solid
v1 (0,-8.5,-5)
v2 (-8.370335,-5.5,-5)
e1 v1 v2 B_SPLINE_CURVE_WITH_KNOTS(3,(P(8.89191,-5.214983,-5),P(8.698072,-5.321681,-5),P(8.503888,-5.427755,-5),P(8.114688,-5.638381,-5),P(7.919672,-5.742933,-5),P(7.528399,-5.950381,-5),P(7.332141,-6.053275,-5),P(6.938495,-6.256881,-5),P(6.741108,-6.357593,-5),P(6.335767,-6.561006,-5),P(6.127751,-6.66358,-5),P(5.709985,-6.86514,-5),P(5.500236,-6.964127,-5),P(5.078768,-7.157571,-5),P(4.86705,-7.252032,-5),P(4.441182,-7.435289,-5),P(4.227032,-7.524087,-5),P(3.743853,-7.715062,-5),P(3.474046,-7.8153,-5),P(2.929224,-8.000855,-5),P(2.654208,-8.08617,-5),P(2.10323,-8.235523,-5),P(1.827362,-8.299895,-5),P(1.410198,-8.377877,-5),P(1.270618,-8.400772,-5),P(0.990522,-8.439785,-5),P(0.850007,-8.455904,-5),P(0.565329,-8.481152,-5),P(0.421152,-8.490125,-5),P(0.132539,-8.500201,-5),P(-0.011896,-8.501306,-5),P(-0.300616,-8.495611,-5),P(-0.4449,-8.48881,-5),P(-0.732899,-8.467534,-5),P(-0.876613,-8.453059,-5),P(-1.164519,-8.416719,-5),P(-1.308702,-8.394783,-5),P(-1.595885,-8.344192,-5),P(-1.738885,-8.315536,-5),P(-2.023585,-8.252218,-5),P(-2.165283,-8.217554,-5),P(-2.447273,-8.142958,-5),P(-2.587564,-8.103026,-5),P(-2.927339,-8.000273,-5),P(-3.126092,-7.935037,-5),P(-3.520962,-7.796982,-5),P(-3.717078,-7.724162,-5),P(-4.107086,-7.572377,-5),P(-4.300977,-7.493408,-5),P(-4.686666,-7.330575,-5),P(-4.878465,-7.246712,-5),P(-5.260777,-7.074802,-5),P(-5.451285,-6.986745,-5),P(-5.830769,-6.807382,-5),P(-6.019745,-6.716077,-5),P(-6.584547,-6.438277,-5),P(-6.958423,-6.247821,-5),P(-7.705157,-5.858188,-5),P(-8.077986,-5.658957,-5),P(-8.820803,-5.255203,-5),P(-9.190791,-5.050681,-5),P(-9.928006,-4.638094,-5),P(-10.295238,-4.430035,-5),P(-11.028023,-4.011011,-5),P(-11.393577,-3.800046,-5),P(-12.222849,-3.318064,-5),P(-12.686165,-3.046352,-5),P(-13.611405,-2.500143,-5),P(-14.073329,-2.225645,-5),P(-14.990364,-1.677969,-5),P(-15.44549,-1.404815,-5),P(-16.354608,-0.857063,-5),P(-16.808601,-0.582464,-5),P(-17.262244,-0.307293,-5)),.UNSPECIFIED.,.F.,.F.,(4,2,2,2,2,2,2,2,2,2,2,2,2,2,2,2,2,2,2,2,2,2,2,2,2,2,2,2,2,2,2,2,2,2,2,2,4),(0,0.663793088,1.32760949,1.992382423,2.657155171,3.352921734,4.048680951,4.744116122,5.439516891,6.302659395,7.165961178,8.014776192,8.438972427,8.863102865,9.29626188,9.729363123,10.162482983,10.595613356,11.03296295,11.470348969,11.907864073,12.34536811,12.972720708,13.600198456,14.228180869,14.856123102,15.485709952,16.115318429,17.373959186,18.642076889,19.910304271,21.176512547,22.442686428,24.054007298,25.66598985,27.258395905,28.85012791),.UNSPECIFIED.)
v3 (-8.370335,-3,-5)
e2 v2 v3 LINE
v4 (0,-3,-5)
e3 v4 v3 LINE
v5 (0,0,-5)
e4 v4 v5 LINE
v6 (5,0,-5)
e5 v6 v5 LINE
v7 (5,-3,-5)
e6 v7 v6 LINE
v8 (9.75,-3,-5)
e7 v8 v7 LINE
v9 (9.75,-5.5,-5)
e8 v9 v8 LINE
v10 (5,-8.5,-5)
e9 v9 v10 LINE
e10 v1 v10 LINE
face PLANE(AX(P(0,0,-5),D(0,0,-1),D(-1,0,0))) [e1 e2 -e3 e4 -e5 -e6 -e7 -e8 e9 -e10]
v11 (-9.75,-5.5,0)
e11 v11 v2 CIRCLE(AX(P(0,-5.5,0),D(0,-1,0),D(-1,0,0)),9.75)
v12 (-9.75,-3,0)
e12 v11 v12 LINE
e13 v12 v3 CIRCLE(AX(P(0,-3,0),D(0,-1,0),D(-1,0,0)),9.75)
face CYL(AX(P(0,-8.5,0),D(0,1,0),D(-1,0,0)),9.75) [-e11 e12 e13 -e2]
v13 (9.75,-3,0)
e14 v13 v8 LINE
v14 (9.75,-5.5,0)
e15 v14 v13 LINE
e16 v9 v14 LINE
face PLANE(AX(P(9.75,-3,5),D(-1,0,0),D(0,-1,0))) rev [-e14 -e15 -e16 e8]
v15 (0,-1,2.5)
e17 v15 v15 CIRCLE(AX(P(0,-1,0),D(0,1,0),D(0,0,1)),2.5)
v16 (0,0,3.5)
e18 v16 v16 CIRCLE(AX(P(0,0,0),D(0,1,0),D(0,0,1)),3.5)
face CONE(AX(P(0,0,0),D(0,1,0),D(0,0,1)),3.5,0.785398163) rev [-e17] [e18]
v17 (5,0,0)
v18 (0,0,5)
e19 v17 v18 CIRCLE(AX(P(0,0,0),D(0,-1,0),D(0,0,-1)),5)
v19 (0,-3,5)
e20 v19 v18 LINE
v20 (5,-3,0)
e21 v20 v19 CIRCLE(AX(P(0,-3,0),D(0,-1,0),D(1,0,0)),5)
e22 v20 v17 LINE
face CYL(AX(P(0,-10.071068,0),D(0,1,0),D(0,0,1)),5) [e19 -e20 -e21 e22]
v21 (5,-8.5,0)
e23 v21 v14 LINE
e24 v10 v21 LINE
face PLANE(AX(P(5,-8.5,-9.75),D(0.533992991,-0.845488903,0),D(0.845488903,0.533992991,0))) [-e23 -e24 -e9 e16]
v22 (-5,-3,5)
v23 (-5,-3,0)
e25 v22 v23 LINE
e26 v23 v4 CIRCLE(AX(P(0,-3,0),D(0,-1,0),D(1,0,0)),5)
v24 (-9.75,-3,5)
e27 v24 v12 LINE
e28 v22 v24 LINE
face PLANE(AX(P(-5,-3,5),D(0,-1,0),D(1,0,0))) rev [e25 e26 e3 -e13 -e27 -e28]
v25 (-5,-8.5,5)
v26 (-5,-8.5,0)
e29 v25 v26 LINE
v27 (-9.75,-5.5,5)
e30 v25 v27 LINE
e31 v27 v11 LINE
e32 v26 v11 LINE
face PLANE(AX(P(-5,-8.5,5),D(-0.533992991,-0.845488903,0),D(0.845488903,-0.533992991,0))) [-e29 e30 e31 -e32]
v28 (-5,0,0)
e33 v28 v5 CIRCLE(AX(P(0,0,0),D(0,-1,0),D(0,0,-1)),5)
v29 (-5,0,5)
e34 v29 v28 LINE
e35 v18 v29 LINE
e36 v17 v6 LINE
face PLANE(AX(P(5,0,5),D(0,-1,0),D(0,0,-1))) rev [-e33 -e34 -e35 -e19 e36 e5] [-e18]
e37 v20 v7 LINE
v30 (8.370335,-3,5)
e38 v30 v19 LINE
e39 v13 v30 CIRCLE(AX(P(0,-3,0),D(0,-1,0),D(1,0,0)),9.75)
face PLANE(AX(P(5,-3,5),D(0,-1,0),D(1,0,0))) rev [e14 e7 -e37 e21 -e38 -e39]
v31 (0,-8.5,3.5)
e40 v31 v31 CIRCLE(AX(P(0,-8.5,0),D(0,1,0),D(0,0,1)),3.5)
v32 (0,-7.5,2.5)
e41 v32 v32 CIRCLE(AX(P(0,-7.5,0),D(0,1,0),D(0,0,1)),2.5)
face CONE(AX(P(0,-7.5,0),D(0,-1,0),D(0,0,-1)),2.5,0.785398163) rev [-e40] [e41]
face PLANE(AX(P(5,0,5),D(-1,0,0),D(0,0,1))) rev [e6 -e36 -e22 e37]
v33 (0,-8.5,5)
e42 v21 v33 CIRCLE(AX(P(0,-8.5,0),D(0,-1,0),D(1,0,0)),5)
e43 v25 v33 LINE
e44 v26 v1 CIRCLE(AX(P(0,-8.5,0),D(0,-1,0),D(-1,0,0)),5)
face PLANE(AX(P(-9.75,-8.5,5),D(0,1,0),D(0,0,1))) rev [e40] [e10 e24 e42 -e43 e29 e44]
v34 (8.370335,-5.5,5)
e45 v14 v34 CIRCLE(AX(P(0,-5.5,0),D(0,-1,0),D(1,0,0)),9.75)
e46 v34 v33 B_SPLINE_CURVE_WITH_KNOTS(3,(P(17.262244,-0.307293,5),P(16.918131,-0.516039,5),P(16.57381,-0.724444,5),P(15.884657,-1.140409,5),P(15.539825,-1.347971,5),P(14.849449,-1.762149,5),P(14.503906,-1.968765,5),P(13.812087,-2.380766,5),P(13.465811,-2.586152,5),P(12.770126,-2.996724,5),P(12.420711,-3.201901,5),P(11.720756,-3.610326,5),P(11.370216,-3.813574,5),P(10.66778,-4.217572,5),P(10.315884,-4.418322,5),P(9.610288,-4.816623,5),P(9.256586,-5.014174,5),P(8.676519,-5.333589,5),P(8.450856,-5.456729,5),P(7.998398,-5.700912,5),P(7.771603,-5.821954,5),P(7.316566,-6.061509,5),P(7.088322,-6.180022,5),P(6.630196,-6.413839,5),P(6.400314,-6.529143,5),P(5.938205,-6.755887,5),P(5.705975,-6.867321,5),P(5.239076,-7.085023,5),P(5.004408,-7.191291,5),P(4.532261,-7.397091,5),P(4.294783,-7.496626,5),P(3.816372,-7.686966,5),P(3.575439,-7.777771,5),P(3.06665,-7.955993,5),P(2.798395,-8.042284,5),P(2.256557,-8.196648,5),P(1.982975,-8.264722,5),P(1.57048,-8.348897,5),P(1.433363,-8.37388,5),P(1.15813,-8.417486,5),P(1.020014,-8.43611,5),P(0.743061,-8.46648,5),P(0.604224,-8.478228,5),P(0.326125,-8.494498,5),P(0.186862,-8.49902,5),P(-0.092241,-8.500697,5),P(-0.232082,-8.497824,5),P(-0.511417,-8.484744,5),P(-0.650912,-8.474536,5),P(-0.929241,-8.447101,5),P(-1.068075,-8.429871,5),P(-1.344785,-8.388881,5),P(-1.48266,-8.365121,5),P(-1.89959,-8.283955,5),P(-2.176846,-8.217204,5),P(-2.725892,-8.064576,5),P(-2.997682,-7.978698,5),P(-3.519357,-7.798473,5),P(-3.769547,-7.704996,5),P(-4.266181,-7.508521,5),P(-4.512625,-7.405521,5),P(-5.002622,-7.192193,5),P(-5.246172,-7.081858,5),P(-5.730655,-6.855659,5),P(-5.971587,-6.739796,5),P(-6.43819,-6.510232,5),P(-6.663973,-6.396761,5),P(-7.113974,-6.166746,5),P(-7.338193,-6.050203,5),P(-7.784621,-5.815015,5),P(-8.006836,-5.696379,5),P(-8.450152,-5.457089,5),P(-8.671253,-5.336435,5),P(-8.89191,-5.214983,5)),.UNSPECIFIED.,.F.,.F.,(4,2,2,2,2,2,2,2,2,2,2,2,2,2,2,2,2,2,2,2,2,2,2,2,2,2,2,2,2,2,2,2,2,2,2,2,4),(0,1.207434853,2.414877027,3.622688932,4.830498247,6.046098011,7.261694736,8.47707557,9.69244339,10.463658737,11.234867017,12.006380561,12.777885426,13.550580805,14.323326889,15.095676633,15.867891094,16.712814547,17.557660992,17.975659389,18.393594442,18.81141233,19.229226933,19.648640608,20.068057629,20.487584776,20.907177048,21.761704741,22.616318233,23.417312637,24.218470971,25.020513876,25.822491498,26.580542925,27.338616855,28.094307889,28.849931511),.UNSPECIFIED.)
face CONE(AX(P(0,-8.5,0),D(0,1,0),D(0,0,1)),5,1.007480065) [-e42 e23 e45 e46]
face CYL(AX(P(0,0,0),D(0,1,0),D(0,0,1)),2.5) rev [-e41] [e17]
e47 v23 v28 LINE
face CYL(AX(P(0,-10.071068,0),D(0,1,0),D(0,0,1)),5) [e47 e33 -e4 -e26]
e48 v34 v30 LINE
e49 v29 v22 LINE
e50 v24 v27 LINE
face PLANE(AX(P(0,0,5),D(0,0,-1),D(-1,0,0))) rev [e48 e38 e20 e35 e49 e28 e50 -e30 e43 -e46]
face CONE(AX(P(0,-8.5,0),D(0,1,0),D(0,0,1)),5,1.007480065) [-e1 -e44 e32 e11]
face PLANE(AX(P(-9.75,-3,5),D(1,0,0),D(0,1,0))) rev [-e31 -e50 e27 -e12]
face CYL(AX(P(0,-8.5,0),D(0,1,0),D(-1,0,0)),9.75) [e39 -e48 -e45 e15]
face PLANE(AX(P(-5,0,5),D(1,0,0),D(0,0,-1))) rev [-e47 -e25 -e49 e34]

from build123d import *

# Parameters (mm, degrees)
EXTRUDE_1_DEPTH     = 5
CUT_EXTRUDE_1_DEPTH = 3
CUT_EXTRUDE_2_DEPTH = 6.5


with BuildPart() as part:
    # Эскиз1 → Бобышка-Вытянуть1 (new body, symmetric)
    with BuildSketch(Plane.XY):
        Polygon((5, 0), (-5, 0), (-5, -3), (-9.75, -3), (-9.75, -8.5), (9.75, -8.5), (9.75, -3), (5, -3), align=None)
    extrude(amount=EXTRUDE_1_DEPTH, both=True)

    # Эскиз3 → Отверстие обработанное метчиком M62 (revolve, cut)
    with BuildSketch(Plane(origin=(0, 0, 0), x_dir=(0, 0, 1), z_dir=(1, 0, 0))):
        Polygon((0, 0), (0, 8.5), (3.5, 8.5), (2.5, 7.5), (2.5, 1), (3.5, 0), align=None)
    revolve(axis=Axis((0, 6.35, 0), (0, -1, 0)), mode=Mode.SUBTRACT)

    # Эскиз4 → Вырез-Вытянуть1 (cut)
    with BuildSketch(Plane(origin=(0, 0, 0), x_dir=(1, 0, 0), z_dir=(0, 1, 0))):
        with BuildLine():
            Line((-5, 5), (-5, 0))
            ThreePointArc((-5, 0), (-3.535533906, 3.535533906), (0, 5))
            Line((0, 5), (-5, 5))
        make_face()
        with BuildLine():
            Line((0, -5), (5, -5))
            Line((5, -5), (5, 0))
            ThreePointArc((5, 0), (3.535533906, -3.535533906), (0, -5))
        make_face()
    extrude(amount=-CUT_EXTRUDE_1_DEPTH, mode=Mode.SUBTRACT)

    # Эскиз5 → Вырез-Вытянуть2 (cut, through all)
    with BuildSketch(Plane(origin=(0, -3, 0), x_dir=(1, 0, 0), z_dir=(0, 1, 0))):
        with BuildLine():
            Line((-9.75, 0), (-9.75, 5))
            Line((-9.75, 5), (-8.370334521, 5))
            ThreePointArc((-8.370334521, 5), (-9.398756875, 2.59342808), (-9.75, 0))
        make_face()
        with BuildLine():
            Line((9.75, 0), (9.75, -5))
            Line((9.75, -5), (8.370334521, -5))
            ThreePointArc((8.370334521, -5), (9.398756875, -2.59342808), (9.75, 0))
        make_face()
    extrude(amount=-CUT_EXTRUDE_2_DEPTH, mode=Mode.SUBTRACT)

    # Вырез-По траектории1: sweep along a path in Эскиз7
    with BuildLine(Plane.XZ.offset(8.5)) as sweep_1_path:
        Line((0, 9.75), (-9.75, 9.75))
        Line((-9.75, 9.75), (-9.75, 0))
        ThreePointArc((-9.75, 0), (-6.894291117, -6.894291117), (0, -9.75))
        Line((0, -9.75), (9.75, -9.75))
        Line((9.75, -9.75), (9.75, 0))
        ThreePointArc((9.75, 0), (6.894291117, 6.894291117), (0, 9.75))
    # Эскиз6 → Вырез-По траектории1 (sweep, cut)
    with BuildSketch(Plane.XY.offset(5)):
        Polygon((-9.75, -5.5), (-9.75, -8.5), (-5, -8.5), align=None)
    sweep(path=sweep_1_path.line, transition=Transition.RIGHT, mode=Mode.SUBTRACT)


solid = part.part
